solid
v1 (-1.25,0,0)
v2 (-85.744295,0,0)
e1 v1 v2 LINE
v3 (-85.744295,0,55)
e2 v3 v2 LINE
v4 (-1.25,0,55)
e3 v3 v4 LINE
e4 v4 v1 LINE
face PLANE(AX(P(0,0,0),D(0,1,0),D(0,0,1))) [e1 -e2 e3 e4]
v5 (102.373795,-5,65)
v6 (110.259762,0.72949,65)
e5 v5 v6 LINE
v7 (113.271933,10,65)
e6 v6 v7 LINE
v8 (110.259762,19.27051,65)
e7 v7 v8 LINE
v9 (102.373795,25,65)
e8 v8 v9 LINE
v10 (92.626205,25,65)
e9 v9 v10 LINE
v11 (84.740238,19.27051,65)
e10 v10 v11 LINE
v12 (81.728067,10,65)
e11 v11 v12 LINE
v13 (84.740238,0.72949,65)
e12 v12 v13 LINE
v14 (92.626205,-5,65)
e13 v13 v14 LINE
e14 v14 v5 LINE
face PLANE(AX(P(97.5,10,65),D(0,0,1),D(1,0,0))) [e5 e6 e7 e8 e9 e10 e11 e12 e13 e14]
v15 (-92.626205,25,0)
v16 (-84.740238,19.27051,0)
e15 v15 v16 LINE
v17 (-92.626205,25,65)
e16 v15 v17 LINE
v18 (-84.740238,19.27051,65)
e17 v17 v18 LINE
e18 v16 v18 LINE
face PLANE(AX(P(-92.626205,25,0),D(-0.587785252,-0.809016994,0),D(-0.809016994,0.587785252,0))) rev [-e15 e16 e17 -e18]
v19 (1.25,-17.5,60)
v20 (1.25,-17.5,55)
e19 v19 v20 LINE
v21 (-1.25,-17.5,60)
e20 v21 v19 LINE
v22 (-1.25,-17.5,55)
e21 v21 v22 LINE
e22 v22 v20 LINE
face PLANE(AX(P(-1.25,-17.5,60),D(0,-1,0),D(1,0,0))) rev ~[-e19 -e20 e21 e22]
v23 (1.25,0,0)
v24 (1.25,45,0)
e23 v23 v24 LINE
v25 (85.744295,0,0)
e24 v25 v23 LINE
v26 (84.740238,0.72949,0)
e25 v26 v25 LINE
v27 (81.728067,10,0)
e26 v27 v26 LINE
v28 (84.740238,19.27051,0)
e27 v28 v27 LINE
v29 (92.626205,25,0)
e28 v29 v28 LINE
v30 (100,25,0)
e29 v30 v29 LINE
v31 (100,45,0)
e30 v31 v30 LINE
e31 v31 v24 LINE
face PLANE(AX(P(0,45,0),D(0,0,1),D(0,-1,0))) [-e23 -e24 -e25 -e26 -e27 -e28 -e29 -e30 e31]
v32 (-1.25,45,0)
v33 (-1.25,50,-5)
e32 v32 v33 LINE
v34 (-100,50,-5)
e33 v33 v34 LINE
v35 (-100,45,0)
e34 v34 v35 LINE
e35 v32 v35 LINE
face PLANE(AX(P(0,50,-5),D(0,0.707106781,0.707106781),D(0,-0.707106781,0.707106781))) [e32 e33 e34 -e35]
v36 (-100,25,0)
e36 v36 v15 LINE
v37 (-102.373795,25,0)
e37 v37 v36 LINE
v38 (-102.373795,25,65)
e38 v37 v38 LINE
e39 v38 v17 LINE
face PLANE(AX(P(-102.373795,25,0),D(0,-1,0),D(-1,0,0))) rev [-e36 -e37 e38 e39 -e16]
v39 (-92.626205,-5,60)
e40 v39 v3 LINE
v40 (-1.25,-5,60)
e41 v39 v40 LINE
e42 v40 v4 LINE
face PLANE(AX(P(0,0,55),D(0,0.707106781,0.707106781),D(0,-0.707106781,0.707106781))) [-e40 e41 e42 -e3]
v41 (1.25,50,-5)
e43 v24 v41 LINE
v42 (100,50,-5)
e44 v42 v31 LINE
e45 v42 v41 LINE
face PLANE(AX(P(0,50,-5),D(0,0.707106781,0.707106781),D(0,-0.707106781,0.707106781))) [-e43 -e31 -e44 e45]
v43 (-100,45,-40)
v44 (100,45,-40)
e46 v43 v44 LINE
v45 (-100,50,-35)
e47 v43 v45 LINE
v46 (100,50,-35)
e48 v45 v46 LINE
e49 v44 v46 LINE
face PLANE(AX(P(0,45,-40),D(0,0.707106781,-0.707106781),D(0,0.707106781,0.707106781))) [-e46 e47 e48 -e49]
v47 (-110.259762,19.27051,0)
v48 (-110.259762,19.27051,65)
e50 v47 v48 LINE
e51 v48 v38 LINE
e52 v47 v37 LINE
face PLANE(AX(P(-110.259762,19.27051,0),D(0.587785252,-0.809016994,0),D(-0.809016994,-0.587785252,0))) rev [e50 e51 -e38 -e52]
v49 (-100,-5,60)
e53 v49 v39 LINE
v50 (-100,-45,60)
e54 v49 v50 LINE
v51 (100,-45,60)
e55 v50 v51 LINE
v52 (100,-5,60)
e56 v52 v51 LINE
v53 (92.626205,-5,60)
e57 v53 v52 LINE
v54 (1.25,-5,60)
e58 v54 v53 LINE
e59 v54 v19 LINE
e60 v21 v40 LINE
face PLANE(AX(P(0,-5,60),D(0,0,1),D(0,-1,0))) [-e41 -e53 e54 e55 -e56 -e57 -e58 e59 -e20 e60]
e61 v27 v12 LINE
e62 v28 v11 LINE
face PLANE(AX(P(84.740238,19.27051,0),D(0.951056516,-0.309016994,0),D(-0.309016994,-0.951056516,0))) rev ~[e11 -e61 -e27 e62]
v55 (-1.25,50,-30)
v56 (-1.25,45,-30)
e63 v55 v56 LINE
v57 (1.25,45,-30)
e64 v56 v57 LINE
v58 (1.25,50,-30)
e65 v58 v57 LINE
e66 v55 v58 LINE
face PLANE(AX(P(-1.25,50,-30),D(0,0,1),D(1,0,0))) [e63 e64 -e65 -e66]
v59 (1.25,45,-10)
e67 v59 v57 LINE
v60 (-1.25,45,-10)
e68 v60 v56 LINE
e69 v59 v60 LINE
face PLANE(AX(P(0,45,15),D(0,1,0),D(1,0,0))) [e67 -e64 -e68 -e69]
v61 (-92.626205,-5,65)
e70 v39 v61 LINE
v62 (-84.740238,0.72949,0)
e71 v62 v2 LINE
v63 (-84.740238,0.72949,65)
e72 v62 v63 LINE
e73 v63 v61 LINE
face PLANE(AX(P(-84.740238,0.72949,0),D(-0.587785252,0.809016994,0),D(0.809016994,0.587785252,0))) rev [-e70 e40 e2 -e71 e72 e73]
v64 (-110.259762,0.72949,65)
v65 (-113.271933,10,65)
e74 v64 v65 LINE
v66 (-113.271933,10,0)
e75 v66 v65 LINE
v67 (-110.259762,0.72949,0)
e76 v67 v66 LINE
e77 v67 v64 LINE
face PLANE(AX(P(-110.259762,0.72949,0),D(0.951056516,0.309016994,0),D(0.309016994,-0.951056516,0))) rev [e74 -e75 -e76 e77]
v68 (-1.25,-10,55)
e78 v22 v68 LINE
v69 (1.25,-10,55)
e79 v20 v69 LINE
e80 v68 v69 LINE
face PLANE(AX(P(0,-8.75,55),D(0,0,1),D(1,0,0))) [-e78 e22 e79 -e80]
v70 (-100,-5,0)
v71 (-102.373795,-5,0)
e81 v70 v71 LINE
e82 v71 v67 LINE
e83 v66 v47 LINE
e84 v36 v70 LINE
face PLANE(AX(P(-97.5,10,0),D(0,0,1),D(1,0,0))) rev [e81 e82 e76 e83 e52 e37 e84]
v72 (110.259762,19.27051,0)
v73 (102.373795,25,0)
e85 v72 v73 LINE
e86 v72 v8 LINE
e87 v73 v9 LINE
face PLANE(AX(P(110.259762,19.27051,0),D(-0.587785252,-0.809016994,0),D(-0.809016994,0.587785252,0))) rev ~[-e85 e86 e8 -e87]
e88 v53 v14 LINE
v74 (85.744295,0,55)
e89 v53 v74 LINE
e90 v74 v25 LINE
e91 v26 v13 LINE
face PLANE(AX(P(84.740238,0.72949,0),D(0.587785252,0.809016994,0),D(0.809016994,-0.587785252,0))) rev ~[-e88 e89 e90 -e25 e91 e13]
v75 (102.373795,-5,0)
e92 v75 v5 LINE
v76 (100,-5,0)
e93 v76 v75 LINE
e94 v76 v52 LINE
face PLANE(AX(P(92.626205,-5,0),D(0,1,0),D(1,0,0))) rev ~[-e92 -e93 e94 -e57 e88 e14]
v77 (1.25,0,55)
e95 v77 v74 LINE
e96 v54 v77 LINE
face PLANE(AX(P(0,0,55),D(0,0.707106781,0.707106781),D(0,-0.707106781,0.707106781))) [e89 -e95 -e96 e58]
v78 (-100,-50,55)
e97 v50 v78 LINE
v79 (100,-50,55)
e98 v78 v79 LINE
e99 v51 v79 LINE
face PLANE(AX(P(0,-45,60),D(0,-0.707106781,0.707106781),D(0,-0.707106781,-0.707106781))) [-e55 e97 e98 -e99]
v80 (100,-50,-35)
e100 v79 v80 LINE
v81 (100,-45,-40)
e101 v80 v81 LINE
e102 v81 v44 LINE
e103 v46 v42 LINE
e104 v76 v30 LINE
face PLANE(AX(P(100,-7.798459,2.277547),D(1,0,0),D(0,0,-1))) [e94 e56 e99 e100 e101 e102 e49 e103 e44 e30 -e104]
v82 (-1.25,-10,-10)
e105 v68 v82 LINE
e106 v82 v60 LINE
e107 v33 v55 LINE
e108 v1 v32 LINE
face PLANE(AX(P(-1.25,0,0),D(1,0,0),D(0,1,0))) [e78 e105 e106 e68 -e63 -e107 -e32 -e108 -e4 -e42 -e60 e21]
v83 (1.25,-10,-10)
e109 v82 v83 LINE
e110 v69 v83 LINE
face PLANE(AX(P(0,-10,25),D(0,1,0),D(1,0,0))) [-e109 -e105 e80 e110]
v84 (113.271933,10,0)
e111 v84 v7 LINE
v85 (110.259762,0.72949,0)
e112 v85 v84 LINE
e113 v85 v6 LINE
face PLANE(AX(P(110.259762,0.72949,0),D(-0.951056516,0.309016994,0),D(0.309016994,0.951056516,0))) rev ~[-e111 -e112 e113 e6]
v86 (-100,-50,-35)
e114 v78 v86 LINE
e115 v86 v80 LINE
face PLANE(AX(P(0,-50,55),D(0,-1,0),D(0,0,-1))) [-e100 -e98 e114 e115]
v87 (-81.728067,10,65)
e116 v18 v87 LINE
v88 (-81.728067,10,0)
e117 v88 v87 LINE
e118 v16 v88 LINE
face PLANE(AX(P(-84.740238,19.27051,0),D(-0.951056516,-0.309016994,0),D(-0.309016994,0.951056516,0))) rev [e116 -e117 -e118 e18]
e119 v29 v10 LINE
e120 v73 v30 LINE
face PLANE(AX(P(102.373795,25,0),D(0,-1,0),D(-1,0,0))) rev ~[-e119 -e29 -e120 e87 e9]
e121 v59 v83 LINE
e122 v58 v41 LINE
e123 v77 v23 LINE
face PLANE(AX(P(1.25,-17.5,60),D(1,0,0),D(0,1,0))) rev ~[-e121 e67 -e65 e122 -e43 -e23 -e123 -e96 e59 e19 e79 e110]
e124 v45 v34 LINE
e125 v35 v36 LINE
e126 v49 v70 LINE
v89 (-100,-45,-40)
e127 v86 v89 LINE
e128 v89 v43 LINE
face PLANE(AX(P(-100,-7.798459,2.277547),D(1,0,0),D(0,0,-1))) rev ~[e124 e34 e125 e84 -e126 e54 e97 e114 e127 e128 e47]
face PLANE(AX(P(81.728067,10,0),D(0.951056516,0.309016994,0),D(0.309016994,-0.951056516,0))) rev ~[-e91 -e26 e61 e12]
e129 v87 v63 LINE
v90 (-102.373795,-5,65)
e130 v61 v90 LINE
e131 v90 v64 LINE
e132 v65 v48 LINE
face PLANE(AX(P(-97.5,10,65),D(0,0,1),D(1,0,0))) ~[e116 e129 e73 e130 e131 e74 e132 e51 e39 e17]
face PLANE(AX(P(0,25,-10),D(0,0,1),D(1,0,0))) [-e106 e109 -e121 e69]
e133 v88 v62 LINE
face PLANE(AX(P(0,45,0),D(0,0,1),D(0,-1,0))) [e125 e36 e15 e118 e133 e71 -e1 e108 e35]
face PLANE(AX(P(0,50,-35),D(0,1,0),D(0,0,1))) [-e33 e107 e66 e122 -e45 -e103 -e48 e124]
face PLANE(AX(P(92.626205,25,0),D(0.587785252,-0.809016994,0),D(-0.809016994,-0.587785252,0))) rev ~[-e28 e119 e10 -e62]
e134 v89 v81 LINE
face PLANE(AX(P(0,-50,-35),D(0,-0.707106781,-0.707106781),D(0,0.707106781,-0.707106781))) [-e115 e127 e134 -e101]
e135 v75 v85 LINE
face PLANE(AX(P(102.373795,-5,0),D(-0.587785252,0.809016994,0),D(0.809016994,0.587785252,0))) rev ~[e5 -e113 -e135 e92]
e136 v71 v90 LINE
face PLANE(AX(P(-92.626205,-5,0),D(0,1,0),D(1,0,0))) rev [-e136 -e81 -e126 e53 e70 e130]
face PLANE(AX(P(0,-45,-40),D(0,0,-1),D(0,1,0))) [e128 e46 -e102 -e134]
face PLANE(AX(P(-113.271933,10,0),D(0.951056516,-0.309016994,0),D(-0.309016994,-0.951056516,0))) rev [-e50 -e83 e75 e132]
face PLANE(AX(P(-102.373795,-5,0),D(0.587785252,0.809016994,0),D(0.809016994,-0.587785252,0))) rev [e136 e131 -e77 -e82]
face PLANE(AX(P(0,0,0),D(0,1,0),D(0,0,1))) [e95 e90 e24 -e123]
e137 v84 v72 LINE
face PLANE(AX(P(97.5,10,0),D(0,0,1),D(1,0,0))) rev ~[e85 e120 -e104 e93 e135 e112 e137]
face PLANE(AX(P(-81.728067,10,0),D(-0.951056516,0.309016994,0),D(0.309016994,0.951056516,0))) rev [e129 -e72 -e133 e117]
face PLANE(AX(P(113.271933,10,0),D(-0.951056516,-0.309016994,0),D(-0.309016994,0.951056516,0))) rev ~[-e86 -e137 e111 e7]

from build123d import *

# Parameters (mm, degrees)
BOSS_EXTRUDE1_DEPTH = 100
BOSS_EXTRUDE3_DEPTH = 65
SKETCH5_W           = 2.5
SKETCH5_H           = 50
CUT_EXTRUDE1_DEPTH  = 10
SKETCH6_W           = 2.5
SKETCH6_H           = 90
CUT_EXTRUDE3_DEPTH  = 5
SKETCH7_W           = 2.5
SKETCH7_H           = 70
CUT_EXTRUDE4_DEPTH  = 10
SKETCH8_W           = 2.5
SKETCH8_H           = 17.5
CUT_EXTRUDE5_DEPTH  = 5


with BuildPart() as part:
    # Sketch1 → Boss-Extrude1 (new body, symmetric)
    with BuildSketch(Plane(origin=(0, 0, 0), x_dir=(0, 0, -1), z_dir=(1, 0, 0))):
        Polygon((0, 0), (-55, 0), (-60, -5), (-60, -45), (-55, -50), (35, -50), (40, -45), (40, 45), (35, 50), (5, 50), (0, 45), align=None)
    extrude(amount=BOSS_EXTRUDE1_DEPTH, both=True)

    # Sketch2 → Boss-Extrude3 (add)
    with BuildSketch(Plane.XY):
        Polygon((113.271933364, 10), (110.259762125, 19.270509831), (102.373795443, 25), (92.626204557, 25), (84.740237875, 19.270509831), (81.728066636, 10), (84.740237875, 0.729490169), (92.626204557, -5), (102.373795443, -5), (110.259762125, 0.729490169), align=None)
    boss_extrude3 = extrude(amount=BOSS_EXTRUDE3_DEPTH)

    # Mirror1: Boss-Extrude3 across plane
    add(boss_extrude3.mirror(Plane(origin=(0, 0, 0), x_dir=(0, 0, 1), z_dir=(1, 0, 0))))

    # Sketch5 → Cut-Extrude1 (cut)
    with BuildSketch(Plane.XY):
        with Locations((0, 25)):
            Rectangle(SKETCH5_W, SKETCH5_H)
    extrude(amount=-CUT_EXTRUDE1_DEPTH, mode=Mode.SUBTRACT)

    # Sketch6 → Cut-Extrude3 (cut)
    with BuildSketch(Plane(origin=(0, 50, 0), x_dir=(1, 0, 0), z_dir=(0, 1, 0))):
        with Locations((0, -15)):
            Rectangle(SKETCH6_W, SKETCH6_H)
    extrude(amount=-CUT_EXTRUDE3_DEPTH, mode=Mode.SUBTRACT)

    # Sketch7 → Cut-Extrude4 (cut)
    with BuildSketch(Plane(origin=(0, 0, 0), x_dir=(1, 0, 0), z_dir=(0, 1, 0))):
        with Locations((0, -25)):
            Rectangle(SKETCH7_W, SKETCH7_H)
    extrude(amount=-CUT_EXTRUDE4_DEPTH, mode=Mode.SUBTRACT)

    # Sketch8 → Cut-Extrude5 (cut)
    with BuildSketch(Plane.XY.offset(60)):
        with Locations((0, -8.75)):
            Rectangle(SKETCH8_W, SKETCH8_H)
    extrude(amount=-CUT_EXTRUDE5_DEPTH, mode=Mode.SUBTRACT)


solid = part.part
